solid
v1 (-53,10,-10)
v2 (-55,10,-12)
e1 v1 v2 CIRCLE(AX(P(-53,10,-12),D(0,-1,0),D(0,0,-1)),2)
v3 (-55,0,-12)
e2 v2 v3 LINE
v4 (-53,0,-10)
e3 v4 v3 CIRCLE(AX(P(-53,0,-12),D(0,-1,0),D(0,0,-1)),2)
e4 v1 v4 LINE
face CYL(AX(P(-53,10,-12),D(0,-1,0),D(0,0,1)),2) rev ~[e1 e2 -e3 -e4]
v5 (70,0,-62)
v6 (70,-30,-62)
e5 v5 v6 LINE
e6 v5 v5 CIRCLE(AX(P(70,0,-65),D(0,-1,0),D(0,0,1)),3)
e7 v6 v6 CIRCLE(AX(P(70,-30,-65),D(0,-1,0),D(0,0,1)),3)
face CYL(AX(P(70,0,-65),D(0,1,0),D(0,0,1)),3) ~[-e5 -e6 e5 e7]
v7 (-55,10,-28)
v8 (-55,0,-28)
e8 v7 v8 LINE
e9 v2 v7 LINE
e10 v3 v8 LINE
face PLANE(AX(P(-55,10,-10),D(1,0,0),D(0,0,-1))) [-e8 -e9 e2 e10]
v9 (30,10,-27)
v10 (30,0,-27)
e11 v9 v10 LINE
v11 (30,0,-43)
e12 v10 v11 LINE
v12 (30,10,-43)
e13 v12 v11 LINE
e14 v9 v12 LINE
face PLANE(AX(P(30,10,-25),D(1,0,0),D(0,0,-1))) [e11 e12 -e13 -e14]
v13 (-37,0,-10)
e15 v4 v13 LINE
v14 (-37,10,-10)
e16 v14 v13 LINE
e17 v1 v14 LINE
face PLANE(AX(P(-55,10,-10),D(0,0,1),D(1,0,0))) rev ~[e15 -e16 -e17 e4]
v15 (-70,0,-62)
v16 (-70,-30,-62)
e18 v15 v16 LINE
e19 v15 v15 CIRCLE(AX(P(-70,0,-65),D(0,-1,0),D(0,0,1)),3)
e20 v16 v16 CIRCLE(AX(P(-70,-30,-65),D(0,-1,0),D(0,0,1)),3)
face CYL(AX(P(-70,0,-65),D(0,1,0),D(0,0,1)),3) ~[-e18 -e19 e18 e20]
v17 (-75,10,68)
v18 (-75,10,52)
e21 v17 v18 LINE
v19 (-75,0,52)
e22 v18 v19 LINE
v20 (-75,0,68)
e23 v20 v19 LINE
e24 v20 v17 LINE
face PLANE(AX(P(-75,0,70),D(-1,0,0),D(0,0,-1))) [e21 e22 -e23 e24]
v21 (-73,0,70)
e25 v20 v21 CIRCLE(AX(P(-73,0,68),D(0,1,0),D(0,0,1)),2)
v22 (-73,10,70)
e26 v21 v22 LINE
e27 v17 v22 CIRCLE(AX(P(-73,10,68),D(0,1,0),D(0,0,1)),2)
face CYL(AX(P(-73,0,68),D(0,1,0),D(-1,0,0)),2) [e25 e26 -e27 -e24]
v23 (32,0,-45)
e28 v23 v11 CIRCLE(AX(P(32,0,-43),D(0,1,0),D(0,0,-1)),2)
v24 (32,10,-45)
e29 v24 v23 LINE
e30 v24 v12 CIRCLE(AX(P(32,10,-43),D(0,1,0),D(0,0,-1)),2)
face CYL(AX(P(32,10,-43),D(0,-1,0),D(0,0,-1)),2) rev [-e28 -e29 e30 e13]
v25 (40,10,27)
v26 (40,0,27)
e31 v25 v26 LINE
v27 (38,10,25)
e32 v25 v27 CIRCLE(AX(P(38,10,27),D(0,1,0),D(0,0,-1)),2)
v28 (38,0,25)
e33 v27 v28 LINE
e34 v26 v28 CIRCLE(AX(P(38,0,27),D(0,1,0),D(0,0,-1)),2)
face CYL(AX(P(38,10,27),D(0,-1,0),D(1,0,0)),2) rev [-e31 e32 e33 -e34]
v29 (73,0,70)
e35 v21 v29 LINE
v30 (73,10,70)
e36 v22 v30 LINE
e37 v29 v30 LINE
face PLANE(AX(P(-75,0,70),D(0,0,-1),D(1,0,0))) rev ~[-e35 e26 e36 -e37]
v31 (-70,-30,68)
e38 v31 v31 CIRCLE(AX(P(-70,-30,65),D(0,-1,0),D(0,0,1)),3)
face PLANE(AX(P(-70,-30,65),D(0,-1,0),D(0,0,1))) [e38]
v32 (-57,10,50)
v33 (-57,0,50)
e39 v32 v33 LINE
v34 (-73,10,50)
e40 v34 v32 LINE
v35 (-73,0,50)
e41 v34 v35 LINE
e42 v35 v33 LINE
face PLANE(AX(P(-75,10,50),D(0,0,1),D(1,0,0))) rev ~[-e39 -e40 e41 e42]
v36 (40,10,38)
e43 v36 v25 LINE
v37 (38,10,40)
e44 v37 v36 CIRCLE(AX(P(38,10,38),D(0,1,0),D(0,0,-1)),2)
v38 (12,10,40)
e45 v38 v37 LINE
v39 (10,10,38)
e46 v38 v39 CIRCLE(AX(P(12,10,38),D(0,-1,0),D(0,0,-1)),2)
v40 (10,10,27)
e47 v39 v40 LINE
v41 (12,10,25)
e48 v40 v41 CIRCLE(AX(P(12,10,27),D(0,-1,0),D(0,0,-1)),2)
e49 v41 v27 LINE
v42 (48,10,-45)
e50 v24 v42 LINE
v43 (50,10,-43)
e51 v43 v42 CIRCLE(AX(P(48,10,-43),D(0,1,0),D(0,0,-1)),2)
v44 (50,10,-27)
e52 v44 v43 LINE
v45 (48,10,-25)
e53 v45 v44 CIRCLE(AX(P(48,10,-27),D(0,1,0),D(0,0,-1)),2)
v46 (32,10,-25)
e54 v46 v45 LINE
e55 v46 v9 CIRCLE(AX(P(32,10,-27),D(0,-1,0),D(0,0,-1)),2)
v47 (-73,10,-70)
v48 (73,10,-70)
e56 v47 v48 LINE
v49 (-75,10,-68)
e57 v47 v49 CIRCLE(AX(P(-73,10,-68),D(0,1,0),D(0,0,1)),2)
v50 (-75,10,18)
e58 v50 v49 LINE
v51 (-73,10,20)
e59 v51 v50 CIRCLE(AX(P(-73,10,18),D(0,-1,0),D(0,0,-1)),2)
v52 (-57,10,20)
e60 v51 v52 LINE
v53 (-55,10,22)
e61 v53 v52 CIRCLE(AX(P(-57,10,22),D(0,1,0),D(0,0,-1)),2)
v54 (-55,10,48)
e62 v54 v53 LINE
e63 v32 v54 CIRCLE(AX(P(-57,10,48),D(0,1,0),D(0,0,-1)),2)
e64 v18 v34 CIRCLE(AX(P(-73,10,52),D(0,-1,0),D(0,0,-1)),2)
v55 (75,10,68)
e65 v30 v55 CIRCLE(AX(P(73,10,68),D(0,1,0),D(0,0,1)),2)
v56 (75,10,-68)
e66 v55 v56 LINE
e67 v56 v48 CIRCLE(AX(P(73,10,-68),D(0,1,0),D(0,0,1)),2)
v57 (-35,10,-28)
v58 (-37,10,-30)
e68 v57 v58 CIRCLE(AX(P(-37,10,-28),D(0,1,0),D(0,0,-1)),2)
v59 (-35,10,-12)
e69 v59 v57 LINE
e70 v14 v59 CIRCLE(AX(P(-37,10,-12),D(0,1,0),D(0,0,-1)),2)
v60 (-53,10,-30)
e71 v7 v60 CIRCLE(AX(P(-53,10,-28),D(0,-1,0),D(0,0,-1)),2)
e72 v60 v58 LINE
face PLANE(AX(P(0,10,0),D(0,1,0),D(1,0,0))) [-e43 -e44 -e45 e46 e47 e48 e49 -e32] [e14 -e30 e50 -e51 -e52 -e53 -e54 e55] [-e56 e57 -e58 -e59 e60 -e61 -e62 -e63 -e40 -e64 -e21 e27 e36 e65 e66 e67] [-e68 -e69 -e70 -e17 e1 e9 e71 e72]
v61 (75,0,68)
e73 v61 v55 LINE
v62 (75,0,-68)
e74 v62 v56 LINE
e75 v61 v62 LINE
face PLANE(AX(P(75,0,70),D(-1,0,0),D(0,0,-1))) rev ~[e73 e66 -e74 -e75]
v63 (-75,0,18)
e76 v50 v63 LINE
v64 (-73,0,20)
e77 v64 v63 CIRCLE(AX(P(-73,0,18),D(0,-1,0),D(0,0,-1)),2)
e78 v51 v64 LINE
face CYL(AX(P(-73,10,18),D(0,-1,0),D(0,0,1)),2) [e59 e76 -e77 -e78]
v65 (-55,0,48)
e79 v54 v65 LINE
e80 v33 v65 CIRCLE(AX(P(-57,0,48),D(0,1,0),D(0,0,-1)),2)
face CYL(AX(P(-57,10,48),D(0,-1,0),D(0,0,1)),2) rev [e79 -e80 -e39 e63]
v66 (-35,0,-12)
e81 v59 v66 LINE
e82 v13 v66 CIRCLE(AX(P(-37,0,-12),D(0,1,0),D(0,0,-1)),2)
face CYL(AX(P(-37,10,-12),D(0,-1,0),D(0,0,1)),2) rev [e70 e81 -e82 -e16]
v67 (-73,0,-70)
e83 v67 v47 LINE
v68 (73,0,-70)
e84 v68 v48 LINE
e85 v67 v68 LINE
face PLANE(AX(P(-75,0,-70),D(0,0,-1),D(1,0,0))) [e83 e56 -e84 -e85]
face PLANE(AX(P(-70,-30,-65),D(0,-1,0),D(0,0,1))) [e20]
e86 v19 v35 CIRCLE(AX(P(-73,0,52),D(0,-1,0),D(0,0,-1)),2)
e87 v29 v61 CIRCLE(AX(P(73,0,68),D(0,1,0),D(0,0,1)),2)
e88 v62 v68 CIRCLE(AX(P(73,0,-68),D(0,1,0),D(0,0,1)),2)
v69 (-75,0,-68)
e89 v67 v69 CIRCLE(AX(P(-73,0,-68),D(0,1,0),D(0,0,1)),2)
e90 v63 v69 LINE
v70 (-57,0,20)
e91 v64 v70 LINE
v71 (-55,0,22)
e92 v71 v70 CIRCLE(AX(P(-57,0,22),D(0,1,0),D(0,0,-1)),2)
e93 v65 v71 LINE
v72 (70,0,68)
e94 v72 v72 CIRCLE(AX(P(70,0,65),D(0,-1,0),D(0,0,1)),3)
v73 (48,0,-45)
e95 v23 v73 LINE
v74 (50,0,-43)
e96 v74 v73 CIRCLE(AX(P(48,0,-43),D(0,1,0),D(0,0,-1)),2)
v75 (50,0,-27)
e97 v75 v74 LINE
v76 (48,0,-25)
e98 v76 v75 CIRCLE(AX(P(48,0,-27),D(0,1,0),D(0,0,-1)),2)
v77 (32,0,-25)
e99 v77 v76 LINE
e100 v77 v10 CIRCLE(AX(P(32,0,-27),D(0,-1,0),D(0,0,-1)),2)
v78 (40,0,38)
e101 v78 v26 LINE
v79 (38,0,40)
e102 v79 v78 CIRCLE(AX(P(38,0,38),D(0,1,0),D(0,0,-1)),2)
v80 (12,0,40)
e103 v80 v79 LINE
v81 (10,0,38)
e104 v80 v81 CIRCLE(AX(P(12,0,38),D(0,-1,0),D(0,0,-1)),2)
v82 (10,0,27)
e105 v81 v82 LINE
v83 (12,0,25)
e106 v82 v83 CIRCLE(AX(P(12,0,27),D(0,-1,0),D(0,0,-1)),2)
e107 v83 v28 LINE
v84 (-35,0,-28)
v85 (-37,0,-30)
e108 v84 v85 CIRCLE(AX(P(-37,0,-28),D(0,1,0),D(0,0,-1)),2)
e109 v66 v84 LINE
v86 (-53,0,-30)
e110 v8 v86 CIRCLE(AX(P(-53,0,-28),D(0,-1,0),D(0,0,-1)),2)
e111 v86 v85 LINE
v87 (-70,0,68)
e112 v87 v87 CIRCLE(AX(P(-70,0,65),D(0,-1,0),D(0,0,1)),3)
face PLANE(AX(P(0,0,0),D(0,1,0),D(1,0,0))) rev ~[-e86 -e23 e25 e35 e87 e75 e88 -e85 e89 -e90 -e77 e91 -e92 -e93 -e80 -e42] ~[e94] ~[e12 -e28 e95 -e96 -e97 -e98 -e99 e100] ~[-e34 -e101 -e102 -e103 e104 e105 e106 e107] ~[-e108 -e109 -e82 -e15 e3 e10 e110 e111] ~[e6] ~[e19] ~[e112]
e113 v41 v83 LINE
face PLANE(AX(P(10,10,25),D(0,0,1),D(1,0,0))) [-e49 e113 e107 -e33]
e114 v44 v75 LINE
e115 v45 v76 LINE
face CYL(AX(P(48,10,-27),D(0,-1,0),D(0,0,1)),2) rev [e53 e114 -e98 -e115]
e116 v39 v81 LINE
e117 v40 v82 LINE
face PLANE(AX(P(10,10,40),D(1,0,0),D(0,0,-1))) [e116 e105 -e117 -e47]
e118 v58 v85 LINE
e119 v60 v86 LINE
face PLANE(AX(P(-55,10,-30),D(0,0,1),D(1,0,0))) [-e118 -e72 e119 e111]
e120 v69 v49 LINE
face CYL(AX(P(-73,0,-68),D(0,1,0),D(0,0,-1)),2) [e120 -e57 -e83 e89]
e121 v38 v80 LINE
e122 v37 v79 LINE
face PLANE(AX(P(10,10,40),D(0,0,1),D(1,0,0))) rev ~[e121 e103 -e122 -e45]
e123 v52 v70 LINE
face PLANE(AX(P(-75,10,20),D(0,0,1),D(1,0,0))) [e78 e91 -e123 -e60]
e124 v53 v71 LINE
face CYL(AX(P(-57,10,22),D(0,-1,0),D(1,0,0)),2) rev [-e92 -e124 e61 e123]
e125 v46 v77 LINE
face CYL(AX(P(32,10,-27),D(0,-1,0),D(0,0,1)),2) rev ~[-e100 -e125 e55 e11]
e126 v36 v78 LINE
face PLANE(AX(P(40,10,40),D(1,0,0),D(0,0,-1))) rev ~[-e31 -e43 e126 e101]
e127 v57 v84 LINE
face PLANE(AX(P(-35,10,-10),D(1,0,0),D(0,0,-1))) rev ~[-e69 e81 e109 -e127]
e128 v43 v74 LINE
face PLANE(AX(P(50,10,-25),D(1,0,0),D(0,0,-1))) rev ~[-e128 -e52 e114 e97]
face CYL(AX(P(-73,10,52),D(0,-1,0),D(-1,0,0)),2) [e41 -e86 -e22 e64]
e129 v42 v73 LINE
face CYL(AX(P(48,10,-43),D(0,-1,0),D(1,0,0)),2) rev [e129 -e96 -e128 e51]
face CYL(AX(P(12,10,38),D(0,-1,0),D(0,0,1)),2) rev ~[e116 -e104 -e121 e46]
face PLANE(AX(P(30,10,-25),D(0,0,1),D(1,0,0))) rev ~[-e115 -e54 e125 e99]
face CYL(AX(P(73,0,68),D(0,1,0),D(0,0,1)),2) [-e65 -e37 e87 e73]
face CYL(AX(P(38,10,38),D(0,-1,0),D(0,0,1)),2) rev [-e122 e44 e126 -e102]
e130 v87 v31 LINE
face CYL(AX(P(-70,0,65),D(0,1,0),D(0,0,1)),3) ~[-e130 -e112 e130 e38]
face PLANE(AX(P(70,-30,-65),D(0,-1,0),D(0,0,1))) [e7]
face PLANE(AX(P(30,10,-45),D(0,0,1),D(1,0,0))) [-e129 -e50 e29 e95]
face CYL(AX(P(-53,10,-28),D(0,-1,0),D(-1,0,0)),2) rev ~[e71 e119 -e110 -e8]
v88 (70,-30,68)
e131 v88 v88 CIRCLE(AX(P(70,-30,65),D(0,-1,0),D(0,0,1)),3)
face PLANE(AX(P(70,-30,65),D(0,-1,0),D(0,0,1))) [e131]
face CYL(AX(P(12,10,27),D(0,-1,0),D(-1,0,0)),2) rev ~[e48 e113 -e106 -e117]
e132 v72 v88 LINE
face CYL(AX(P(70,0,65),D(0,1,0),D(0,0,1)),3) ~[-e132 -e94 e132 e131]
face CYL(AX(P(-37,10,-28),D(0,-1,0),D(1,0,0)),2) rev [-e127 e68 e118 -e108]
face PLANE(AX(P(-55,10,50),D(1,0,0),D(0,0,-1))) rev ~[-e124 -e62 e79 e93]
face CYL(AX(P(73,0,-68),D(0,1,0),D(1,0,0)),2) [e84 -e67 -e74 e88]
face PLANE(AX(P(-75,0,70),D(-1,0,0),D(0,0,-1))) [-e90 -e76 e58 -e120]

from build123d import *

# Parameters (mm, degrees)
SKETCH1_W           = 150
SKETCH1_H           = 140
BOSS_EXTRUDE1_DEPTH = 10
SKETCH2_R           = 3
BOSS_EXTRUDE2_DEPTH = 30
SKETCH4_W           = 20
SKETCH4_H           = 20
CUT_EXTRUDE2_DEPTH  = 111.113577728
SKETCH6_W           = 20
SKETCH6_H           = 30
CUT_EXTRUDE3_DEPTH  = 111.113577728
SKETCH7_W           = 30
SKETCH7_H           = 15
CUT_EXTRUDE4_DEPTH  = 111.113577728
SKETCH8_W           = 20
SKETCH8_H           = 20
CUT_EXTRUDE5_DEPTH  = 111.113577728
FILLET2_R           = 2


with BuildPart() as part:
    # Sketch1 → Boss-Extrude1 (new body)
    with BuildSketch(Plane(origin=(0, 0, 0), x_dir=(1, 0, 0), z_dir=(0, 1, 0))):
        Rectangle(SKETCH1_W, SKETCH1_H)
    extrude(amount=BOSS_EXTRUDE1_DEPTH)

    # Sketch2 → Boss-Extrude2 (add)
    with BuildSketch(Plane.XZ):
        with Locations(Location((-70, 65, 0), (0, 0, 90))):
            Circle(SKETCH2_R)
        with Locations(Location((70, 65, 0), (0, 0, 90))):
            Circle(SKETCH2_R)
        with Locations(Location((70, -65, 0), (0, 0, 90))):
            Circle(SKETCH2_R)
        with Locations(Location((-70, -65, 0), (0, 0, 90))):
            Circle(SKETCH2_R)
    extrude(amount=BOSS_EXTRUDE2_DEPTH)

    # Sketch4 → Cut-Extrude2 (cut, through all)
    with BuildSketch(Plane(origin=(0, 10, 0), x_dir=(1, 0, 0), z_dir=(0, 1, 0))):
        with Locations((-45, 20)):
            Rectangle(SKETCH4_W, SKETCH4_H)
    extrude(amount=-CUT_EXTRUDE2_DEPTH, mode=Mode.SUBTRACT)

    # Sketch6 → Cut-Extrude3 (cut, through all)
    with BuildSketch(Plane(origin=(0, 10, 0), x_dir=(1, 0, 0), z_dir=(0, 1, 0))):
        with Locations((-65, -35)):
            Rectangle(SKETCH6_W, SKETCH6_H)
    extrude(amount=-CUT_EXTRUDE3_DEPTH, mode=Mode.SUBTRACT)

    # Sketch7 → Cut-Extrude4 (cut, through all)
    with BuildSketch(Plane(origin=(0, 10, 0), x_dir=(1, 0, 0), z_dir=(0, 1, 0))):
        with Locations((25, -32.5)):
            Rectangle(SKETCH7_W, SKETCH7_H)
    extrude(amount=-CUT_EXTRUDE4_DEPTH, mode=Mode.SUBTRACT)

    # Sketch8 → Cut-Extrude5 (cut, through all)
    with BuildSketch(Plane(origin=(0, 10, 0), x_dir=(1, 0, 0), z_dir=(0, 1, 0))):
        with Locations((40, 35)):
            Rectangle(SKETCH8_W, SKETCH8_H)
    extrude(amount=-CUT_EXTRUDE5_DEPTH, mode=Mode.SUBTRACT)

    # Fillet2
    fillet2_edges = [part.edges().sort_by_distance(p)[0] for p in [
        (-35, 5, -30),
        (-35, 5, -10),
        (-55, 5, -10),
        (-55, 5, -30),
        (-75, 5, 50),
        (-75, 5, 20),
        (-55, 5, 20),
        (-55, 5, 50),
        (40, 5, 25),
        (40, 5, 40),
        (10, 5, 40),
        (10, 5, 25),
        (-75, 5, -70),
        (75, 5, -70),
        (75, 5, 70),
        (-75, 5, 70),
        (30, 5, -25),
        (30, 5, -45),
        (50, 5, -45),
        (50, 5, -25),
    ]]
    fillet(fillet2_edges, radius=FILLET2_R)


solid = part.part
